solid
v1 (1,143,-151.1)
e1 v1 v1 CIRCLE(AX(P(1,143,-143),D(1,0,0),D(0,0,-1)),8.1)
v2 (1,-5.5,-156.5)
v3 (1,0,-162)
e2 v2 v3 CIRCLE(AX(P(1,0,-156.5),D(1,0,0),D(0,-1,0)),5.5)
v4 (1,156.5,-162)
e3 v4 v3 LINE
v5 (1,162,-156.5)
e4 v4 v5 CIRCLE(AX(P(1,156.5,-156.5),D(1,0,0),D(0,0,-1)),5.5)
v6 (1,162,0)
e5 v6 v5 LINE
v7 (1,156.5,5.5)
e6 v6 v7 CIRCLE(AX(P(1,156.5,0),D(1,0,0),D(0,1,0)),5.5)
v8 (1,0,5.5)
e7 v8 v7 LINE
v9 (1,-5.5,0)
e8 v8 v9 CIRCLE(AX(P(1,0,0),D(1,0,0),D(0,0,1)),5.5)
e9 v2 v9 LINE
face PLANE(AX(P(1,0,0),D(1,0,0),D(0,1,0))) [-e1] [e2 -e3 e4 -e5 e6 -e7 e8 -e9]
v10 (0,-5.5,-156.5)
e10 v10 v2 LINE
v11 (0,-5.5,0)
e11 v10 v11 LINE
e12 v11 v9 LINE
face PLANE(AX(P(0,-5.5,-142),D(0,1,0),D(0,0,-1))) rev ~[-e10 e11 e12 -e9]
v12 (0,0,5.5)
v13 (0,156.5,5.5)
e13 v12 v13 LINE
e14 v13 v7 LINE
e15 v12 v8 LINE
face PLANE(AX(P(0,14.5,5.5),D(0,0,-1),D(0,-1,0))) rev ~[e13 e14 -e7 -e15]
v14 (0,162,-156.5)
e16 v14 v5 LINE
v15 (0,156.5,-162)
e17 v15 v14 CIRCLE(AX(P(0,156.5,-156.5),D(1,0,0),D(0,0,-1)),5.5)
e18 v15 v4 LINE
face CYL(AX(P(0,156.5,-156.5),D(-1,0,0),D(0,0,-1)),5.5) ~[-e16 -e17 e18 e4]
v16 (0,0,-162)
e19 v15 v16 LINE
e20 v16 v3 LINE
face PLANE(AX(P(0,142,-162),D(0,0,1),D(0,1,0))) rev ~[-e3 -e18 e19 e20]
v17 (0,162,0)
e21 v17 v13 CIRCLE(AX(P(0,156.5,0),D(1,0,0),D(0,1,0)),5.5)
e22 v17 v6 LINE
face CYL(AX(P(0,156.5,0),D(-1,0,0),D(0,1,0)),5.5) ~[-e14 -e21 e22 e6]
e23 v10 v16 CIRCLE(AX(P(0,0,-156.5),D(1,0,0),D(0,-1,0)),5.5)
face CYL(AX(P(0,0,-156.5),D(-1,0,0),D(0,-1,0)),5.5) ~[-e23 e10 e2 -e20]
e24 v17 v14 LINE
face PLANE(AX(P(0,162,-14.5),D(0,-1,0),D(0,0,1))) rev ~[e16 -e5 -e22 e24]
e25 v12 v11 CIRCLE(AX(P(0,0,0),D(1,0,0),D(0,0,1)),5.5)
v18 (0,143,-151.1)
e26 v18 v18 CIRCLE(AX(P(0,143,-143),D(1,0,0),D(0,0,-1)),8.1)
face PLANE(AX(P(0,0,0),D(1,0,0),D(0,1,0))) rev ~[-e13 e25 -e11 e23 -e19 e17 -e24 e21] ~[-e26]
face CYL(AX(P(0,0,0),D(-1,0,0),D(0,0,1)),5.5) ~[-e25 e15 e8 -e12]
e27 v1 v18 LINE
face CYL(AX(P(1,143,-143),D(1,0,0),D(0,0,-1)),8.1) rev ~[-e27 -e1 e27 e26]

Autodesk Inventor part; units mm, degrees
ref_plane "YZ Plane" through (0, 0, 0) normal (1, 0, 0) x (0, 1, 0)
ref_plane "XZ Plane" through (0, 0, 0) normal (0, 1, 0) x (-1, 0, 0)
ref_plane "XY Plane" through (0, 0, 0) normal (0, 0, 1) x (1, 0, 0)
sketch "Sketch1" plane through (0, 0, 0) normal (1, 0, 0) x (0, 1, 0)
  line L0 (0, 13.5) -> (156.5, 13.5) construction
  line L1 (170, 0) -> (170, -156.5) construction
  line L2 (156.5, -170) -> (0, -170) construction
  line L3 (-13.5, -156.5) -> (-13.5, 0) construction
  arc A0 (170, 0) -> (156.5, 13.5) centre (156.5, 0) ccw construction
  arc A1 (156.5, -170) -> (170, -156.5) centre (156.5, -156.5) ccw construction
  arc A2 (-13.5, -156.5) -> (0, -170) centre (0, -156.5) ccw construction
  arc A3 (0, 13.5) -> (-13.5, 0) centre (0, 0) ccw construction
  line L4 (26.5, -21.5) -> (130, -21.5)
  line L5 (135, -26.5) -> (135, -130)
  line L6 (130, -135) -> (26.5, -135)
  line L7 (21.5, -130) -> (21.5, -26.5)
  arc A4 (26.5, -21.5) -> (21.5, -26.5) centre (26.5, -26.5) ccw
  arc A5 (21.5, -130) -> (26.5, -135) centre (26.5, -130) ccw
  arc A6 (130, -135) -> (135, -130) centre (130, -130) ccw
  arc A7 (135, -26.5) -> (130, -21.5) centre (130, -26.5) ccw
  line L8 (156.5, 5.5) -> (0, 5.5)
  arc A8 (0, 5.5) -> (-5.5, 0) centre (0, 0) ccw
  line L9 (-5.5, 0) -> (-5.5, -156.5)
  arc A9 (-5.5, -156.5) -> (0, -162) centre (0, -156.5) ccw
  line L10 (0, -162) -> (156.5, -162)
  arc A10 (156.5, -162) -> (162, -156.5) centre (156.5, -156.5) ccw
  line L11 (162, -156.5) -> (162, 0)
  arc A11 (162, 0) -> (156.5, 5.5) centre (156.5, 0) ccw
  line L12 (17.5, 5.5) -> (17.5, -10.5) construction
  line L13 (14.5, 5.5) -> (14.5, -10.5)
  line L14 (20.5, -10.5) -> (20.5, 5.5)
  arc A12 (20.5, 5.5) -> (14.5, 5.5) centre (17.5, 5.5) ccw
  arc A13 (14.5, -10.5) -> (20.5, -10.5) centre (17.5, -10.5) ccw
  line L15 (31.5455, -10.5) -> (31.5455, 5.5)
  line L16 (28.5455, 5.5) -> (28.5455, -10.5) construction
  arc A14 (25.5455, -10.5) -> (31.5455, -10.5) centre (28.5455, -10.5) ccw
  arc A15 (31.5455, 5.5) -> (25.5455, 5.5) centre (28.5455, 5.5) ccw
  line L17 (25.5455, 5.5) -> (25.5455, -10.5)
  line L18 (42.5909, -10.5) -> (42.5909, 5.5)
  line L19 (39.5909, 5.5) -> (39.5909, -10.5) construction
  arc A16 (36.5909, -10.5) -> (42.5909, -10.5) centre (39.5909, -10.5) ccw
  arc A17 (42.5909, 5.5) -> (36.5909, 5.5) centre (39.5909, 5.5) ccw
  line L20 (36.5909, 5.5) -> (36.5909, -10.5)
  line L21 (53.6364, -10.5) -> (53.6364, 5.5)
  line L22 (50.6364, 5.5) -> (50.6364, -10.5) construction
  arc A18 (47.6364, -10.5) -> (53.6364, -10.5) centre (50.6364, -10.5) ccw
  arc A19 (53.6364, 5.5) -> (47.6364, 5.5) centre (50.6364, 5.5) ccw
  line L23 (47.6364, 5.5) -> (47.6364, -10.5)
  line L24 (64.6818, -10.5) -> (64.6818, 5.5)
  line L25 (61.6818, 5.5) -> (61.6818, -10.5) construction
  arc A20 (58.6818, -10.5) -> (64.6818, -10.5) centre (61.6818, -10.5) ccw
  arc A21 (64.6818, 5.5) -> (58.6818, 5.5) centre (61.6818, 5.5) ccw
  line L26 (58.6818, 5.5) -> (58.6818, -10.5)
  line L27 (75.7273, -10.5) -> (75.7273, 5.5)
  line L28 (72.7273, 5.5) -> (72.7273, -10.5) construction
  arc A22 (69.7273, -10.5) -> (75.7273, -10.5) centre (72.7273, -10.5) ccw
  arc A23 (75.7273, 5.5) -> (69.7273, 5.5) centre (72.7273, 5.5) ccw
  line L29 (69.7273, 5.5) -> (69.7273, -10.5)
  line L30 (86.7727, -10.5) -> (86.7727, 5.5)
  line L31 (83.7727, 5.5) -> (83.7727, -10.5) construction
  arc A24 (80.7727, -10.5) -> (86.7727, -10.5) centre (83.7727, -10.5) ccw
  arc A25 (86.7727, 5.5) -> (80.7727, 5.5) centre (83.7727, 5.5) ccw
  line L32 (80.7727, 5.5) -> (80.7727, -10.5)
  line L33 (97.8182, -10.5) -> (97.8182, 5.5)
  line L34 (94.8182, 5.5) -> (94.8182, -10.5) construction
  arc A26 (91.8182, -10.5) -> (97.8182, -10.5) centre (94.8182, -10.5) ccw
  arc A27 (97.8182, 5.5) -> (91.8182, 5.5) centre (94.8182, 5.5) ccw
  line L35 (91.8182, 5.5) -> (91.8182, -10.5)
  line L36 (108.8636, -10.5) -> (108.8636, 5.5)
  line L37 (105.8636, 5.5) -> (105.8636, -10.5) construction
  arc A28 (102.8636, -10.5) -> (108.8636, -10.5) centre (105.8636, -10.5) ccw
  arc A29 (108.8636, 5.5) -> (102.8636, 5.5) centre (105.8636, 5.5) ccw
  line L38 (102.8636, 5.5) -> (102.8636, -10.5)
  line L39 (119.9091, -10.5) -> (119.9091, 5.5)
  line L40 (116.9091, 5.5) -> (116.9091, -10.5) construction
  arc A30 (113.9091, -10.5) -> (119.9091, -10.5) centre (116.9091, -10.5) ccw
  arc A31 (119.9091, 5.5) -> (113.9091, 5.5) centre (116.9091, 5.5) ccw
  line L41 (113.9091, 5.5) -> (113.9091, -10.5)
  line L42 (130.9545, -10.5) -> (130.9545, 5.5)
  line L43 (127.9545, 5.5) -> (127.9545, -10.5) construction
  arc A32 (124.9545, -10.5) -> (130.9545, -10.5) centre (127.9545, -10.5) ccw
  arc A33 (130.9545, 5.5) -> (124.9545, 5.5) centre (127.9545, 5.5) ccw
  line L44 (124.9545, 5.5) -> (124.9545, -10.5)
  line L45 (142, -10.5) -> (142, 5.5)
  line L46 (139, 5.5) -> (139, -10.5) construction
  arc A34 (136, -10.5) -> (142, -10.5) centre (139, -10.5) ccw
  arc A35 (142, 5.5) -> (136, 5.5) centre (139, 5.5) ccw
  line L47 (136, 5.5) -> (136, -10.5)
  line L48 (26.5, -26.5) -> (130, -130) construction
  arc A36 (10.5, -86.7727) -> (10.5, -80.7727) centre (10.5, -83.7727) ccw
  arc A37 (10.5, -97.8182) -> (10.5, -91.8182) centre (10.5, -94.8182) ccw
  arc A38 (10.5, -119.9091) -> (10.5, -113.9091) centre (10.5, -116.9091) ccw
  arc A39 (10.5, -75.7273) -> (10.5, -69.7273) centre (10.5, -72.7273) ccw
  arc A40 (10.5, -64.6818) -> (10.5, -58.6818) centre (10.5, -61.6818) ccw
  arc A41 (10.5, -53.6364) -> (10.5, -47.6364) centre (10.5, -50.6364) ccw
  arc A42 (10.5, -42.5909) -> (10.5, -36.5909) centre (10.5, -39.5909) ccw
  arc A43 (10.5, -108.8636) -> (10.5, -102.8636) centre (10.5, -105.8636) ccw
  line L49 (10.5, -124.9545) -> (-5.5, -124.9545)
  line L50 (-5.5, -127.9545) -> (10.5, -127.9545) construction
  line L51 (-5.5, -130.9545) -> (10.5, -130.9545)
  arc A44 (-5.5, -124.9545) -> (-5.5, -130.9545) centre (-5.5, -127.9545) ccw
  line L52 (10.5, -136) -> (-5.5, -136)
  line L53 (-5.5, -139) -> (10.5, -139) construction
  arc A45 (-5.5, -136) -> (-5.5, -142) centre (-5.5, -139) ccw
  line L54 (-5.5, -142) -> (10.5, -142)
  arc A46 (10.5, -142) -> (10.5, -136) centre (10.5, -139) ccw
  arc A47 (10.5, -130.9545) -> (10.5, -124.9545) centre (10.5, -127.9545) ccw
  line L55 (-5.5, -119.9091) -> (10.5, -119.9091)
  line L56 (-5.5, -116.9091) -> (10.5, -116.9091) construction
  arc A48 (-5.5, -113.9091) -> (-5.5, -119.9091) centre (-5.5, -116.9091) ccw
  line L57 (10.5, -113.9091) -> (-5.5, -113.9091)
  line L58 (-5.5, -108.8636) -> (10.5, -108.8636)
  line L59 (-5.5, -105.8636) -> (10.5, -105.8636) construction
  line L60 (10.5, -102.8636) -> (-5.5, -102.8636)
  arc A49 (-5.5, -102.8636) -> (-5.5, -108.8636) centre (-5.5, -105.8636) ccw
  line L61 (-5.5, -86.7727) -> (10.5, -86.7727)
  line L62 (-5.5, -83.7727) -> (10.5, -83.7727) construction
  line L63 (10.5, -80.7727) -> (-5.5, -80.7727)
  arc A50 (-5.5, -80.7727) -> (-5.5, -86.7727) centre (-5.5, -83.7727) ccw
  line L64 (-5.5, -75.7273) -> (10.5, -75.7273)
  line L65 (-5.5, -72.7273) -> (10.5, -72.7273) construction
  line L66 (10.5, -69.7273) -> (-5.5, -69.7273)
  arc A51 (-5.5, -69.7273) -> (-5.5, -75.7273) centre (-5.5, -72.7273) ccw
  line L67 (-5.5, -64.6818) -> (10.5, -64.6818)
  line L68 (-5.5, -61.6818) -> (10.5, -61.6818) construction
  line L69 (10.5, -58.6818) -> (-5.5, -58.6818)
  arc A52 (-5.5, -58.6818) -> (-5.5, -64.6818) centre (-5.5, -61.6818) ccw
  line L70 (-5.5, -97.8182) -> (10.5, -97.8182)
  line L71 (-5.5, -94.8182) -> (10.5, -94.8182) construction
  line L72 (10.5, -91.8182) -> (-5.5, -91.8182)
  arc A53 (-5.5, -91.8182) -> (-5.5, -97.8182) centre (-5.5, -94.8182) ccw
  arc A54 (-5.5, -14.5) -> (-5.5, -20.5) centre (-5.5, -17.5) ccw
  line L73 (10.5, -14.5) -> (-5.5, -14.5)
  line L74 (-5.5, -17.5) -> (10.5, -17.5) construction
  line L75 (-5.5, -20.5) -> (10.5, -20.5)
  arc A55 (10.5, -20.5) -> (10.5, -14.5) centre (10.5, -17.5) ccw
  line L76 (-5.5, -28.5455) -> (10.5, -28.5455) construction
  line L77 (-5.5, -31.5455) -> (10.5, -31.5455)
  arc A56 (10.5, -31.5455) -> (10.5, -25.5455) centre (10.5, -28.5455) ccw
  arc A57 (-5.5, -36.5909) -> (-5.5, -42.5909) centre (-5.5, -39.5909) ccw
  line L78 (10.5, -36.5909) -> (-5.5, -36.5909)
  line L79 (-5.5, -39.5909) -> (10.5, -39.5909) construction
  arc A58 (-5.5, -25.5455) -> (-5.5, -31.5455) centre (-5.5, -28.5455) ccw
  line L80 (-5.5, -53.6364) -> (10.5, -53.6364)
  line L81 (-5.5, -50.6364) -> (10.5, -50.6364) construction
  arc A59 (-5.5, -47.6364) -> (-5.5, -53.6364) centre (-5.5, -50.6364) ccw
  line L82 (10.5, -47.6364) -> (-5.5, -47.6364)
  line L83 (-5.5, -42.5909) -> (10.5, -42.5909)
  line L84 (10.5, -25.5455) -> (-5.5, -25.5455)
  arc A60 (86.7727, -146) -> (80.7727, -146) centre (83.7727, -146) ccw
  arc A61 (97.8182, -146) -> (91.8182, -146) centre (94.8182, -146) ccw
  arc A62 (119.9091, -146) -> (113.9091, -146) centre (116.9091, -146) ccw
  arc A63 (75.7273, -146) -> (69.7273, -146) centre (72.7273, -146) ccw
  arc A64 (64.6818, -146) -> (58.6818, -146) centre (61.6818, -146) ccw
  arc A65 (53.6364, -146) -> (47.6364, -146) centre (50.6364, -146) ccw
  arc A66 (42.5909, -146) -> (36.5909, -146) centre (39.5909, -146) ccw
  arc A67 (108.8636, -146) -> (102.8636, -146) centre (105.8636, -146) ccw
  line L85 (124.9545, -146) -> (124.9545, -162)
  line L86 (127.9545, -162) -> (127.9545, -146) construction
  line L87 (130.9545, -162) -> (130.9545, -146)
  arc A68 (124.9545, -162) -> (130.9545, -162) centre (127.9545, -162) ccw
  line L88 (136, -146) -> (136, -162)
  line L89 (139, -162) -> (139, -146) construction
  arc A69 (136, -162) -> (142, -162) centre (139, -162) ccw
  line L90 (142, -162) -> (142, -146)
  arc A70 (142, -146) -> (136, -146) centre (139, -146) ccw
  arc A71 (130.9545, -146) -> (124.9545, -146) centre (127.9545, -146) ccw
  line L91 (119.9091, -162) -> (119.9091, -146)
  line L92 (116.9091, -162) -> (116.9091, -146) construction
  arc A72 (113.9091, -162) -> (119.9091, -162) centre (116.9091, -162) ccw
  line L93 (113.9091, -146) -> (113.9091, -162)
  line L94 (108.8636, -162) -> (108.8636, -146)
  line L95 (105.8636, -162) -> (105.8636, -146) construction
  line L96 (102.8636, -146) -> (102.8636, -162)
  arc A73 (102.8636, -162) -> (108.8636, -162) centre (105.8636, -162) ccw
  line L97 (86.7727, -162) -> (86.7727, -146)
  line L98 (83.7727, -162) -> (83.7727, -146) construction
  line L99 (80.7727, -146) -> (80.7727, -162)
  arc A74 (80.7727, -162) -> (86.7727, -162) centre (83.7727, -162) ccw
  line L100 (75.7273, -162) -> (75.7273, -146)
  line L101 (72.7273, -162) -> (72.7273, -146) construction
  line L102 (69.7273, -146) -> (69.7273, -162)
  arc A75 (69.7273, -162) -> (75.7273, -162) centre (72.7273, -162) ccw
  line L103 (64.6818, -162) -> (64.6818, -146)
  line L104 (61.6818, -162) -> (61.6818, -146) construction
  line L105 (58.6818, -146) -> (58.6818, -162)
  arc A76 (58.6818, -162) -> (64.6818, -162) centre (61.6818, -162) ccw
  line L106 (97.8182, -162) -> (97.8182, -146)
  line L107 (94.8182, -162) -> (94.8182, -146) construction
  line L108 (91.8182, -146) -> (91.8182, -162)
  arc A77 (91.8182, -162) -> (97.8182, -162) centre (94.8182, -162) ccw
  arc A78 (14.5, -162) -> (20.5, -162) centre (17.5, -162) ccw
  line L109 (14.5, -146) -> (14.5, -162)
  line L110 (17.5, -162) -> (17.5, -146) construction
  line L111 (20.5, -162) -> (20.5, -146)
  arc A79 (20.5, -146) -> (14.5, -146) centre (17.5, -146) ccw
  line L112 (28.5455, -162) -> (28.5455, -146) construction
  line L113 (31.5455, -162) -> (31.5455, -146)
  arc A80 (31.5455, -146) -> (25.5455, -146) centre (28.5455, -146) ccw
  arc A81 (36.5909, -162) -> (42.5909, -162) centre (39.5909, -162) ccw
  line L114 (36.5909, -146) -> (36.5909, -162)
  line L115 (39.5909, -162) -> (39.5909, -146) construction
  arc A82 (25.5455, -162) -> (31.5455, -162) centre (28.5455, -162) ccw
  line L116 (53.6364, -162) -> (53.6364, -146)
  line L117 (50.6364, -162) -> (50.6364, -146) construction
  arc A83 (47.6364, -162) -> (53.6364, -162) centre (50.6364, -162) ccw
  line L118 (47.6364, -146) -> (47.6364, -162)
  line L119 (42.5909, -162) -> (42.5909, -146)
  line L120 (25.5455, -146) -> (25.5455, -162)
  arc A84 (146, -69.7273) -> (146, -75.7273) centre (146, -72.7273) ccw
  arc A85 (146, -58.6818) -> (146, -64.6818) centre (146, -61.6818) ccw
  arc A86 (146, -36.5909) -> (146, -42.5909) centre (146, -39.5909) ccw
  arc A87 (146, -80.7727) -> (146, -86.7727) centre (146, -83.7727) ccw
  arc A88 (146, -91.8182) -> (146, -97.8182) centre (146, -94.8182) ccw
  arc A89 (146, -102.8636) -> (146, -108.8636) centre (146, -105.8636) ccw
  arc A90 (146, -113.9091) -> (146, -119.9091) centre (146, -116.9091) ccw
  arc A91 (146, -47.6364) -> (146, -53.6364) centre (146, -50.6364) ccw
  line L121 (146, -31.5455) -> (162, -31.5455)
  line L122 (162, -28.5455) -> (146, -28.5455) construction
  line L123 (162, -25.5455) -> (146, -25.5455)
  arc A92 (162, -31.5455) -> (162, -25.5455) centre (162, -28.5455) ccw
  line L124 (146, -20.5) -> (162, -20.5)
  line L125 (162, -17.5) -> (146, -17.5) construction
  arc A93 (162, -20.5) -> (162, -14.5) centre (162, -17.5) ccw
  line L126 (162, -14.5) -> (146, -14.5)
  arc A94 (146, -14.5) -> (146, -20.5) centre (146, -17.5) ccw
  arc A95 (146, -25.5455) -> (146, -31.5455) centre (146, -28.5455) ccw
  line L127 (162, -36.5909) -> (146, -36.5909)
  line L128 (162, -39.5909) -> (146, -39.5909) construction
  arc A96 (162, -42.5909) -> (162, -36.5909) centre (162, -39.5909) ccw
  line L129 (146, -42.5909) -> (162, -42.5909)
  line L130 (162, -47.6364) -> (146, -47.6364)
  line L131 (162, -50.6364) -> (146, -50.6364) construction
  line L132 (146, -53.6364) -> (162, -53.6364)
  arc A97 (162, -53.6364) -> (162, -47.6364) centre (162, -50.6364) ccw
  line L133 (162, -69.7273) -> (146, -69.7273)
  line L134 (162, -72.7273) -> (146, -72.7273) construction
  line L135 (146, -75.7273) -> (162, -75.7273)
  arc A98 (162, -75.7273) -> (162, -69.7273) centre (162, -72.7273) ccw
  line L136 (162, -80.7727) -> (146, -80.7727)
  line L137 (162, -83.7727) -> (146, -83.7727) construction
  line L138 (146, -86.7727) -> (162, -86.7727)
  arc A99 (162, -86.7727) -> (162, -80.7727) centre (162, -83.7727) ccw
  line L139 (162, -91.8182) -> (146, -91.8182)
  line L140 (162, -94.8182) -> (146, -94.8182) construction
  line L141 (146, -97.8182) -> (162, -97.8182)
  arc A100 (162, -97.8182) -> (162, -91.8182) centre (162, -94.8182) ccw
  line L142 (162, -58.6818) -> (146, -58.6818)
  line L143 (162, -61.6818) -> (146, -61.6818) construction
  line L144 (146, -64.6818) -> (162, -64.6818)
  arc A101 (162, -64.6818) -> (162, -58.6818) centre (162, -61.6818) ccw
  arc A102 (162, -142) -> (162, -136) centre (162, -139) ccw
  line L145 (146, -142) -> (162, -142)
  line L146 (162, -139) -> (146, -139) construction
  line L147 (162, -136) -> (146, -136)
  arc A103 (146, -136) -> (146, -142) centre (146, -139) ccw
  line L148 (162, -127.9545) -> (146, -127.9545) construction
  line L149 (162, -124.9545) -> (146, -124.9545)
  arc A104 (146, -124.9545) -> (146, -130.9545) centre (146, -127.9545) ccw
  arc A105 (162, -119.9091) -> (162, -113.9091) centre (162, -116.9091) ccw
  line L150 (146, -119.9091) -> (162, -119.9091)
  line L151 (162, -116.9091) -> (146, -116.9091) construction
  arc A106 (162, -130.9545) -> (162, -124.9545) centre (162, -127.9545) ccw
  line L152 (162, -102.8636) -> (146, -102.8636)
  line L153 (162, -105.8636) -> (146, -105.8636) construction
  arc A107 (162, -108.8636) -> (162, -102.8636) centre (162, -105.8636) ccw
  line L154 (146, -108.8636) -> (162, -108.8636)
  line L155 (162, -113.9091) -> (146, -113.9091)
  line L156 (146, -130.9545) -> (162, -130.9545)
  point P0 (17.5, -2.5)
  point P1 (28.5455, -2.5)
  point P2 (39.5909, -2.5)
  point P3 (50.6364, -2.5)
  point P4 (61.6818, -2.5)
  point P5 (72.7273, -2.5)
  point P6 (83.7727, -2.5)
  point P7 (94.8182, -2.5)
  point P8 (105.8636, -2.5)
  point P9 (116.9091, -2.5)
  point P10 (127.9545, -2.5)
  point P11 (139, -2.5)
  point P12 (78.25, -78.25)
  point P13 (2.5, -127.9545)
  point P14 (2.5, -139)
  point P15 (2.5, -116.9091)
  point P16 (2.5, -105.8636)
  point P17 (2.5, -83.7727)
  point P18 (2.5, -61.6818)
  point P19 (2.5, -72.7273)
  point P20 (2.5, -94.8182)
  point P21 (2.5, -17.5)
  point P22 (2.5, -28.5455)
  point P23 (2.5, -50.6364)
  point P24 (2.5, -39.5909)
  point P25 (127.9545, -154)
  point P26 (139, -154)
  point P27 (116.9091, -154)
  point P28 (105.8636, -154)
  point P29 (83.7727, -154)
  point P30 (61.6818, -154)
  point P31 (72.7273, -154)
  point P32 (94.8182, -154)
  point P33 (17.5, -154)
  point P34 (28.5455, -154)
  point P35 (50.6364, -154)
  point P36 (39.5909, -154)
  point P37 (154, -28.5455)
  point P38 (154, -17.5)
  point P39 (154, -39.5909)
  point P40 (154, -50.6364)
  point P41 (154, -72.7273)
  point P42 (154, -94.8182)
  point P43 (154, -83.7727)
  point P44 (154, -61.6818)
  point P45 (154, -139)
  point P46 (154, -127.9545)
  point P47 (154, -105.8636)
  point P48 (154, -116.9091)
  dimension "d0" = 13.5
  dimension "d1" = 183.5
  dimension "d2" = 183.5
  dimension "d15" = 35
  dimension "d16" = 35
  dimension "d17" = 35
  dimension "d18" = 35
  dimension "d19" = 5
  dimension "d20" = 8
  dimension "d21" = 16
  dimension "d22" = 3
  dimension "d25" = 11.0455
  dimension "d30" = 20
  dimension "d31" = 20
  dimension "d34" = 360
  dimension "d43" = 167.5
extrude "Extrusion1" add sketch "Sketch1" along normal blind 1 contours L4 A7 L5 A6 L6 A5 L7 A4 | A11 L11 L126 A94 L124 L123 A95 L121 L127 A86 L129 L130 A91 L132 L142 A85 L144 L133 A84 L135 L136 A87 L138 L139 A88 L141 L152 A89 L154 L155 A90 L150 L149 A104 L156 L147 A103 L145 A10 L10 L90 A70 L88 L87 A71 L85 L91 A62 L93 L94 A67 L96 L106 A61 L108 L97 A60 L99 L100 A63 L102 L103 A64 L105 L116 A65 L118 L119 A66 L114 L113 A80 L120 L111 A79 L109 A9 L9 L54 A46 L52 L51 A47 L49 L55 A38 L57 L58 A43 L60 L70 A37 L72 L61 A36 L63 L64 A39 L66 L67 A40 L69 L80 A41 L82 L83 A42 L78 L77 A56 L84 L75 A55 L73 A8 L8 L13 A13 L14 L17 A14 L15 L20 A16 L18 L23 A18 L21 L26 A20 L24 L29 A22 L27 L32 A24 L30 L35 A26 L33 L38 A28 L36 L41 A30 L39 L44 A32 L42 L47 A34 L45 | L45 A34 L47 L8 | L11 L124 A94 L126 | L42 A32 L44 L8 | L11 L121 A95 L123 | L39 A30 L41 L8 | L11 L129 A86 L127 | L36 A28 L38 L8 | L11 L132 A91 L130 | L33 A26 L35 L8 | L11 L144 A85 L142 | L30 A24 L32 L8 | L11 L135 A84 L133 | L27 A22 L29 L8 | L11 L138 A87 L136 | L24 A20 L26 L8 | L11 L141 A88 L139 | L21 A18 L23 L8 | L11 L154 A89 L152 | L18 A16 L20 L8 | L11 L150 A90 L155 | L15 A14 L17 L8 | L11 L156 A104 L149 | L14 A13 L13 L8 | L11 L145 A103 L147 | L73 A55 L75 L9 | L10 L88 A70 L90 | L84 A56 L77 L9 | L10 L85 A71 L87 | L78 A42 L83 L9 | L10 L93 A62 L91 | L82 A41 L80 L9 | L10 L96 A67 L94 | L69 A40 L67 L9 | L10 L108 A61 L106 | L66 A39 L64 L9 | L10 L99 A60 L97 | L63 A36 L61 L9 | L10 L102 A63 L100 | L72 A37 L70 L9 | L10 L105 A64 L103 | L60 A43 L58 L9 | L10 L118 A65 L116 | L57 A38 L55 L9 | L10 L114 A66 L119 | L49 A47 L51 L9 | L10 L120 A80 L113 | L52 A46 L54 L9 | L10 L109 A79 L111
sketch "Sketch2" plane through (1, 0, 0) normal (1, 0, 0) x (0, 0, -1)
  circle A0 centre (143, 143) radius 8.1
  line L0 (156.5, 162) -> (0, 162) projected
  line L1 (162, 0) -> (162, 156.5) projected
  point P0 (0, 0)
  dimension "d38" = 19
  dimension "d39" = 19
  dimension "d40" = 16.2
extrude "Extrusion3" cut sketch "Sketch2" against normal blind 10
equation "\"d2\" = d1"
equation "\"d16\" = d15"
equation "\"d17\" = d15"
equation "\"d18\" = d15"
properties part number "NewFront_C"
